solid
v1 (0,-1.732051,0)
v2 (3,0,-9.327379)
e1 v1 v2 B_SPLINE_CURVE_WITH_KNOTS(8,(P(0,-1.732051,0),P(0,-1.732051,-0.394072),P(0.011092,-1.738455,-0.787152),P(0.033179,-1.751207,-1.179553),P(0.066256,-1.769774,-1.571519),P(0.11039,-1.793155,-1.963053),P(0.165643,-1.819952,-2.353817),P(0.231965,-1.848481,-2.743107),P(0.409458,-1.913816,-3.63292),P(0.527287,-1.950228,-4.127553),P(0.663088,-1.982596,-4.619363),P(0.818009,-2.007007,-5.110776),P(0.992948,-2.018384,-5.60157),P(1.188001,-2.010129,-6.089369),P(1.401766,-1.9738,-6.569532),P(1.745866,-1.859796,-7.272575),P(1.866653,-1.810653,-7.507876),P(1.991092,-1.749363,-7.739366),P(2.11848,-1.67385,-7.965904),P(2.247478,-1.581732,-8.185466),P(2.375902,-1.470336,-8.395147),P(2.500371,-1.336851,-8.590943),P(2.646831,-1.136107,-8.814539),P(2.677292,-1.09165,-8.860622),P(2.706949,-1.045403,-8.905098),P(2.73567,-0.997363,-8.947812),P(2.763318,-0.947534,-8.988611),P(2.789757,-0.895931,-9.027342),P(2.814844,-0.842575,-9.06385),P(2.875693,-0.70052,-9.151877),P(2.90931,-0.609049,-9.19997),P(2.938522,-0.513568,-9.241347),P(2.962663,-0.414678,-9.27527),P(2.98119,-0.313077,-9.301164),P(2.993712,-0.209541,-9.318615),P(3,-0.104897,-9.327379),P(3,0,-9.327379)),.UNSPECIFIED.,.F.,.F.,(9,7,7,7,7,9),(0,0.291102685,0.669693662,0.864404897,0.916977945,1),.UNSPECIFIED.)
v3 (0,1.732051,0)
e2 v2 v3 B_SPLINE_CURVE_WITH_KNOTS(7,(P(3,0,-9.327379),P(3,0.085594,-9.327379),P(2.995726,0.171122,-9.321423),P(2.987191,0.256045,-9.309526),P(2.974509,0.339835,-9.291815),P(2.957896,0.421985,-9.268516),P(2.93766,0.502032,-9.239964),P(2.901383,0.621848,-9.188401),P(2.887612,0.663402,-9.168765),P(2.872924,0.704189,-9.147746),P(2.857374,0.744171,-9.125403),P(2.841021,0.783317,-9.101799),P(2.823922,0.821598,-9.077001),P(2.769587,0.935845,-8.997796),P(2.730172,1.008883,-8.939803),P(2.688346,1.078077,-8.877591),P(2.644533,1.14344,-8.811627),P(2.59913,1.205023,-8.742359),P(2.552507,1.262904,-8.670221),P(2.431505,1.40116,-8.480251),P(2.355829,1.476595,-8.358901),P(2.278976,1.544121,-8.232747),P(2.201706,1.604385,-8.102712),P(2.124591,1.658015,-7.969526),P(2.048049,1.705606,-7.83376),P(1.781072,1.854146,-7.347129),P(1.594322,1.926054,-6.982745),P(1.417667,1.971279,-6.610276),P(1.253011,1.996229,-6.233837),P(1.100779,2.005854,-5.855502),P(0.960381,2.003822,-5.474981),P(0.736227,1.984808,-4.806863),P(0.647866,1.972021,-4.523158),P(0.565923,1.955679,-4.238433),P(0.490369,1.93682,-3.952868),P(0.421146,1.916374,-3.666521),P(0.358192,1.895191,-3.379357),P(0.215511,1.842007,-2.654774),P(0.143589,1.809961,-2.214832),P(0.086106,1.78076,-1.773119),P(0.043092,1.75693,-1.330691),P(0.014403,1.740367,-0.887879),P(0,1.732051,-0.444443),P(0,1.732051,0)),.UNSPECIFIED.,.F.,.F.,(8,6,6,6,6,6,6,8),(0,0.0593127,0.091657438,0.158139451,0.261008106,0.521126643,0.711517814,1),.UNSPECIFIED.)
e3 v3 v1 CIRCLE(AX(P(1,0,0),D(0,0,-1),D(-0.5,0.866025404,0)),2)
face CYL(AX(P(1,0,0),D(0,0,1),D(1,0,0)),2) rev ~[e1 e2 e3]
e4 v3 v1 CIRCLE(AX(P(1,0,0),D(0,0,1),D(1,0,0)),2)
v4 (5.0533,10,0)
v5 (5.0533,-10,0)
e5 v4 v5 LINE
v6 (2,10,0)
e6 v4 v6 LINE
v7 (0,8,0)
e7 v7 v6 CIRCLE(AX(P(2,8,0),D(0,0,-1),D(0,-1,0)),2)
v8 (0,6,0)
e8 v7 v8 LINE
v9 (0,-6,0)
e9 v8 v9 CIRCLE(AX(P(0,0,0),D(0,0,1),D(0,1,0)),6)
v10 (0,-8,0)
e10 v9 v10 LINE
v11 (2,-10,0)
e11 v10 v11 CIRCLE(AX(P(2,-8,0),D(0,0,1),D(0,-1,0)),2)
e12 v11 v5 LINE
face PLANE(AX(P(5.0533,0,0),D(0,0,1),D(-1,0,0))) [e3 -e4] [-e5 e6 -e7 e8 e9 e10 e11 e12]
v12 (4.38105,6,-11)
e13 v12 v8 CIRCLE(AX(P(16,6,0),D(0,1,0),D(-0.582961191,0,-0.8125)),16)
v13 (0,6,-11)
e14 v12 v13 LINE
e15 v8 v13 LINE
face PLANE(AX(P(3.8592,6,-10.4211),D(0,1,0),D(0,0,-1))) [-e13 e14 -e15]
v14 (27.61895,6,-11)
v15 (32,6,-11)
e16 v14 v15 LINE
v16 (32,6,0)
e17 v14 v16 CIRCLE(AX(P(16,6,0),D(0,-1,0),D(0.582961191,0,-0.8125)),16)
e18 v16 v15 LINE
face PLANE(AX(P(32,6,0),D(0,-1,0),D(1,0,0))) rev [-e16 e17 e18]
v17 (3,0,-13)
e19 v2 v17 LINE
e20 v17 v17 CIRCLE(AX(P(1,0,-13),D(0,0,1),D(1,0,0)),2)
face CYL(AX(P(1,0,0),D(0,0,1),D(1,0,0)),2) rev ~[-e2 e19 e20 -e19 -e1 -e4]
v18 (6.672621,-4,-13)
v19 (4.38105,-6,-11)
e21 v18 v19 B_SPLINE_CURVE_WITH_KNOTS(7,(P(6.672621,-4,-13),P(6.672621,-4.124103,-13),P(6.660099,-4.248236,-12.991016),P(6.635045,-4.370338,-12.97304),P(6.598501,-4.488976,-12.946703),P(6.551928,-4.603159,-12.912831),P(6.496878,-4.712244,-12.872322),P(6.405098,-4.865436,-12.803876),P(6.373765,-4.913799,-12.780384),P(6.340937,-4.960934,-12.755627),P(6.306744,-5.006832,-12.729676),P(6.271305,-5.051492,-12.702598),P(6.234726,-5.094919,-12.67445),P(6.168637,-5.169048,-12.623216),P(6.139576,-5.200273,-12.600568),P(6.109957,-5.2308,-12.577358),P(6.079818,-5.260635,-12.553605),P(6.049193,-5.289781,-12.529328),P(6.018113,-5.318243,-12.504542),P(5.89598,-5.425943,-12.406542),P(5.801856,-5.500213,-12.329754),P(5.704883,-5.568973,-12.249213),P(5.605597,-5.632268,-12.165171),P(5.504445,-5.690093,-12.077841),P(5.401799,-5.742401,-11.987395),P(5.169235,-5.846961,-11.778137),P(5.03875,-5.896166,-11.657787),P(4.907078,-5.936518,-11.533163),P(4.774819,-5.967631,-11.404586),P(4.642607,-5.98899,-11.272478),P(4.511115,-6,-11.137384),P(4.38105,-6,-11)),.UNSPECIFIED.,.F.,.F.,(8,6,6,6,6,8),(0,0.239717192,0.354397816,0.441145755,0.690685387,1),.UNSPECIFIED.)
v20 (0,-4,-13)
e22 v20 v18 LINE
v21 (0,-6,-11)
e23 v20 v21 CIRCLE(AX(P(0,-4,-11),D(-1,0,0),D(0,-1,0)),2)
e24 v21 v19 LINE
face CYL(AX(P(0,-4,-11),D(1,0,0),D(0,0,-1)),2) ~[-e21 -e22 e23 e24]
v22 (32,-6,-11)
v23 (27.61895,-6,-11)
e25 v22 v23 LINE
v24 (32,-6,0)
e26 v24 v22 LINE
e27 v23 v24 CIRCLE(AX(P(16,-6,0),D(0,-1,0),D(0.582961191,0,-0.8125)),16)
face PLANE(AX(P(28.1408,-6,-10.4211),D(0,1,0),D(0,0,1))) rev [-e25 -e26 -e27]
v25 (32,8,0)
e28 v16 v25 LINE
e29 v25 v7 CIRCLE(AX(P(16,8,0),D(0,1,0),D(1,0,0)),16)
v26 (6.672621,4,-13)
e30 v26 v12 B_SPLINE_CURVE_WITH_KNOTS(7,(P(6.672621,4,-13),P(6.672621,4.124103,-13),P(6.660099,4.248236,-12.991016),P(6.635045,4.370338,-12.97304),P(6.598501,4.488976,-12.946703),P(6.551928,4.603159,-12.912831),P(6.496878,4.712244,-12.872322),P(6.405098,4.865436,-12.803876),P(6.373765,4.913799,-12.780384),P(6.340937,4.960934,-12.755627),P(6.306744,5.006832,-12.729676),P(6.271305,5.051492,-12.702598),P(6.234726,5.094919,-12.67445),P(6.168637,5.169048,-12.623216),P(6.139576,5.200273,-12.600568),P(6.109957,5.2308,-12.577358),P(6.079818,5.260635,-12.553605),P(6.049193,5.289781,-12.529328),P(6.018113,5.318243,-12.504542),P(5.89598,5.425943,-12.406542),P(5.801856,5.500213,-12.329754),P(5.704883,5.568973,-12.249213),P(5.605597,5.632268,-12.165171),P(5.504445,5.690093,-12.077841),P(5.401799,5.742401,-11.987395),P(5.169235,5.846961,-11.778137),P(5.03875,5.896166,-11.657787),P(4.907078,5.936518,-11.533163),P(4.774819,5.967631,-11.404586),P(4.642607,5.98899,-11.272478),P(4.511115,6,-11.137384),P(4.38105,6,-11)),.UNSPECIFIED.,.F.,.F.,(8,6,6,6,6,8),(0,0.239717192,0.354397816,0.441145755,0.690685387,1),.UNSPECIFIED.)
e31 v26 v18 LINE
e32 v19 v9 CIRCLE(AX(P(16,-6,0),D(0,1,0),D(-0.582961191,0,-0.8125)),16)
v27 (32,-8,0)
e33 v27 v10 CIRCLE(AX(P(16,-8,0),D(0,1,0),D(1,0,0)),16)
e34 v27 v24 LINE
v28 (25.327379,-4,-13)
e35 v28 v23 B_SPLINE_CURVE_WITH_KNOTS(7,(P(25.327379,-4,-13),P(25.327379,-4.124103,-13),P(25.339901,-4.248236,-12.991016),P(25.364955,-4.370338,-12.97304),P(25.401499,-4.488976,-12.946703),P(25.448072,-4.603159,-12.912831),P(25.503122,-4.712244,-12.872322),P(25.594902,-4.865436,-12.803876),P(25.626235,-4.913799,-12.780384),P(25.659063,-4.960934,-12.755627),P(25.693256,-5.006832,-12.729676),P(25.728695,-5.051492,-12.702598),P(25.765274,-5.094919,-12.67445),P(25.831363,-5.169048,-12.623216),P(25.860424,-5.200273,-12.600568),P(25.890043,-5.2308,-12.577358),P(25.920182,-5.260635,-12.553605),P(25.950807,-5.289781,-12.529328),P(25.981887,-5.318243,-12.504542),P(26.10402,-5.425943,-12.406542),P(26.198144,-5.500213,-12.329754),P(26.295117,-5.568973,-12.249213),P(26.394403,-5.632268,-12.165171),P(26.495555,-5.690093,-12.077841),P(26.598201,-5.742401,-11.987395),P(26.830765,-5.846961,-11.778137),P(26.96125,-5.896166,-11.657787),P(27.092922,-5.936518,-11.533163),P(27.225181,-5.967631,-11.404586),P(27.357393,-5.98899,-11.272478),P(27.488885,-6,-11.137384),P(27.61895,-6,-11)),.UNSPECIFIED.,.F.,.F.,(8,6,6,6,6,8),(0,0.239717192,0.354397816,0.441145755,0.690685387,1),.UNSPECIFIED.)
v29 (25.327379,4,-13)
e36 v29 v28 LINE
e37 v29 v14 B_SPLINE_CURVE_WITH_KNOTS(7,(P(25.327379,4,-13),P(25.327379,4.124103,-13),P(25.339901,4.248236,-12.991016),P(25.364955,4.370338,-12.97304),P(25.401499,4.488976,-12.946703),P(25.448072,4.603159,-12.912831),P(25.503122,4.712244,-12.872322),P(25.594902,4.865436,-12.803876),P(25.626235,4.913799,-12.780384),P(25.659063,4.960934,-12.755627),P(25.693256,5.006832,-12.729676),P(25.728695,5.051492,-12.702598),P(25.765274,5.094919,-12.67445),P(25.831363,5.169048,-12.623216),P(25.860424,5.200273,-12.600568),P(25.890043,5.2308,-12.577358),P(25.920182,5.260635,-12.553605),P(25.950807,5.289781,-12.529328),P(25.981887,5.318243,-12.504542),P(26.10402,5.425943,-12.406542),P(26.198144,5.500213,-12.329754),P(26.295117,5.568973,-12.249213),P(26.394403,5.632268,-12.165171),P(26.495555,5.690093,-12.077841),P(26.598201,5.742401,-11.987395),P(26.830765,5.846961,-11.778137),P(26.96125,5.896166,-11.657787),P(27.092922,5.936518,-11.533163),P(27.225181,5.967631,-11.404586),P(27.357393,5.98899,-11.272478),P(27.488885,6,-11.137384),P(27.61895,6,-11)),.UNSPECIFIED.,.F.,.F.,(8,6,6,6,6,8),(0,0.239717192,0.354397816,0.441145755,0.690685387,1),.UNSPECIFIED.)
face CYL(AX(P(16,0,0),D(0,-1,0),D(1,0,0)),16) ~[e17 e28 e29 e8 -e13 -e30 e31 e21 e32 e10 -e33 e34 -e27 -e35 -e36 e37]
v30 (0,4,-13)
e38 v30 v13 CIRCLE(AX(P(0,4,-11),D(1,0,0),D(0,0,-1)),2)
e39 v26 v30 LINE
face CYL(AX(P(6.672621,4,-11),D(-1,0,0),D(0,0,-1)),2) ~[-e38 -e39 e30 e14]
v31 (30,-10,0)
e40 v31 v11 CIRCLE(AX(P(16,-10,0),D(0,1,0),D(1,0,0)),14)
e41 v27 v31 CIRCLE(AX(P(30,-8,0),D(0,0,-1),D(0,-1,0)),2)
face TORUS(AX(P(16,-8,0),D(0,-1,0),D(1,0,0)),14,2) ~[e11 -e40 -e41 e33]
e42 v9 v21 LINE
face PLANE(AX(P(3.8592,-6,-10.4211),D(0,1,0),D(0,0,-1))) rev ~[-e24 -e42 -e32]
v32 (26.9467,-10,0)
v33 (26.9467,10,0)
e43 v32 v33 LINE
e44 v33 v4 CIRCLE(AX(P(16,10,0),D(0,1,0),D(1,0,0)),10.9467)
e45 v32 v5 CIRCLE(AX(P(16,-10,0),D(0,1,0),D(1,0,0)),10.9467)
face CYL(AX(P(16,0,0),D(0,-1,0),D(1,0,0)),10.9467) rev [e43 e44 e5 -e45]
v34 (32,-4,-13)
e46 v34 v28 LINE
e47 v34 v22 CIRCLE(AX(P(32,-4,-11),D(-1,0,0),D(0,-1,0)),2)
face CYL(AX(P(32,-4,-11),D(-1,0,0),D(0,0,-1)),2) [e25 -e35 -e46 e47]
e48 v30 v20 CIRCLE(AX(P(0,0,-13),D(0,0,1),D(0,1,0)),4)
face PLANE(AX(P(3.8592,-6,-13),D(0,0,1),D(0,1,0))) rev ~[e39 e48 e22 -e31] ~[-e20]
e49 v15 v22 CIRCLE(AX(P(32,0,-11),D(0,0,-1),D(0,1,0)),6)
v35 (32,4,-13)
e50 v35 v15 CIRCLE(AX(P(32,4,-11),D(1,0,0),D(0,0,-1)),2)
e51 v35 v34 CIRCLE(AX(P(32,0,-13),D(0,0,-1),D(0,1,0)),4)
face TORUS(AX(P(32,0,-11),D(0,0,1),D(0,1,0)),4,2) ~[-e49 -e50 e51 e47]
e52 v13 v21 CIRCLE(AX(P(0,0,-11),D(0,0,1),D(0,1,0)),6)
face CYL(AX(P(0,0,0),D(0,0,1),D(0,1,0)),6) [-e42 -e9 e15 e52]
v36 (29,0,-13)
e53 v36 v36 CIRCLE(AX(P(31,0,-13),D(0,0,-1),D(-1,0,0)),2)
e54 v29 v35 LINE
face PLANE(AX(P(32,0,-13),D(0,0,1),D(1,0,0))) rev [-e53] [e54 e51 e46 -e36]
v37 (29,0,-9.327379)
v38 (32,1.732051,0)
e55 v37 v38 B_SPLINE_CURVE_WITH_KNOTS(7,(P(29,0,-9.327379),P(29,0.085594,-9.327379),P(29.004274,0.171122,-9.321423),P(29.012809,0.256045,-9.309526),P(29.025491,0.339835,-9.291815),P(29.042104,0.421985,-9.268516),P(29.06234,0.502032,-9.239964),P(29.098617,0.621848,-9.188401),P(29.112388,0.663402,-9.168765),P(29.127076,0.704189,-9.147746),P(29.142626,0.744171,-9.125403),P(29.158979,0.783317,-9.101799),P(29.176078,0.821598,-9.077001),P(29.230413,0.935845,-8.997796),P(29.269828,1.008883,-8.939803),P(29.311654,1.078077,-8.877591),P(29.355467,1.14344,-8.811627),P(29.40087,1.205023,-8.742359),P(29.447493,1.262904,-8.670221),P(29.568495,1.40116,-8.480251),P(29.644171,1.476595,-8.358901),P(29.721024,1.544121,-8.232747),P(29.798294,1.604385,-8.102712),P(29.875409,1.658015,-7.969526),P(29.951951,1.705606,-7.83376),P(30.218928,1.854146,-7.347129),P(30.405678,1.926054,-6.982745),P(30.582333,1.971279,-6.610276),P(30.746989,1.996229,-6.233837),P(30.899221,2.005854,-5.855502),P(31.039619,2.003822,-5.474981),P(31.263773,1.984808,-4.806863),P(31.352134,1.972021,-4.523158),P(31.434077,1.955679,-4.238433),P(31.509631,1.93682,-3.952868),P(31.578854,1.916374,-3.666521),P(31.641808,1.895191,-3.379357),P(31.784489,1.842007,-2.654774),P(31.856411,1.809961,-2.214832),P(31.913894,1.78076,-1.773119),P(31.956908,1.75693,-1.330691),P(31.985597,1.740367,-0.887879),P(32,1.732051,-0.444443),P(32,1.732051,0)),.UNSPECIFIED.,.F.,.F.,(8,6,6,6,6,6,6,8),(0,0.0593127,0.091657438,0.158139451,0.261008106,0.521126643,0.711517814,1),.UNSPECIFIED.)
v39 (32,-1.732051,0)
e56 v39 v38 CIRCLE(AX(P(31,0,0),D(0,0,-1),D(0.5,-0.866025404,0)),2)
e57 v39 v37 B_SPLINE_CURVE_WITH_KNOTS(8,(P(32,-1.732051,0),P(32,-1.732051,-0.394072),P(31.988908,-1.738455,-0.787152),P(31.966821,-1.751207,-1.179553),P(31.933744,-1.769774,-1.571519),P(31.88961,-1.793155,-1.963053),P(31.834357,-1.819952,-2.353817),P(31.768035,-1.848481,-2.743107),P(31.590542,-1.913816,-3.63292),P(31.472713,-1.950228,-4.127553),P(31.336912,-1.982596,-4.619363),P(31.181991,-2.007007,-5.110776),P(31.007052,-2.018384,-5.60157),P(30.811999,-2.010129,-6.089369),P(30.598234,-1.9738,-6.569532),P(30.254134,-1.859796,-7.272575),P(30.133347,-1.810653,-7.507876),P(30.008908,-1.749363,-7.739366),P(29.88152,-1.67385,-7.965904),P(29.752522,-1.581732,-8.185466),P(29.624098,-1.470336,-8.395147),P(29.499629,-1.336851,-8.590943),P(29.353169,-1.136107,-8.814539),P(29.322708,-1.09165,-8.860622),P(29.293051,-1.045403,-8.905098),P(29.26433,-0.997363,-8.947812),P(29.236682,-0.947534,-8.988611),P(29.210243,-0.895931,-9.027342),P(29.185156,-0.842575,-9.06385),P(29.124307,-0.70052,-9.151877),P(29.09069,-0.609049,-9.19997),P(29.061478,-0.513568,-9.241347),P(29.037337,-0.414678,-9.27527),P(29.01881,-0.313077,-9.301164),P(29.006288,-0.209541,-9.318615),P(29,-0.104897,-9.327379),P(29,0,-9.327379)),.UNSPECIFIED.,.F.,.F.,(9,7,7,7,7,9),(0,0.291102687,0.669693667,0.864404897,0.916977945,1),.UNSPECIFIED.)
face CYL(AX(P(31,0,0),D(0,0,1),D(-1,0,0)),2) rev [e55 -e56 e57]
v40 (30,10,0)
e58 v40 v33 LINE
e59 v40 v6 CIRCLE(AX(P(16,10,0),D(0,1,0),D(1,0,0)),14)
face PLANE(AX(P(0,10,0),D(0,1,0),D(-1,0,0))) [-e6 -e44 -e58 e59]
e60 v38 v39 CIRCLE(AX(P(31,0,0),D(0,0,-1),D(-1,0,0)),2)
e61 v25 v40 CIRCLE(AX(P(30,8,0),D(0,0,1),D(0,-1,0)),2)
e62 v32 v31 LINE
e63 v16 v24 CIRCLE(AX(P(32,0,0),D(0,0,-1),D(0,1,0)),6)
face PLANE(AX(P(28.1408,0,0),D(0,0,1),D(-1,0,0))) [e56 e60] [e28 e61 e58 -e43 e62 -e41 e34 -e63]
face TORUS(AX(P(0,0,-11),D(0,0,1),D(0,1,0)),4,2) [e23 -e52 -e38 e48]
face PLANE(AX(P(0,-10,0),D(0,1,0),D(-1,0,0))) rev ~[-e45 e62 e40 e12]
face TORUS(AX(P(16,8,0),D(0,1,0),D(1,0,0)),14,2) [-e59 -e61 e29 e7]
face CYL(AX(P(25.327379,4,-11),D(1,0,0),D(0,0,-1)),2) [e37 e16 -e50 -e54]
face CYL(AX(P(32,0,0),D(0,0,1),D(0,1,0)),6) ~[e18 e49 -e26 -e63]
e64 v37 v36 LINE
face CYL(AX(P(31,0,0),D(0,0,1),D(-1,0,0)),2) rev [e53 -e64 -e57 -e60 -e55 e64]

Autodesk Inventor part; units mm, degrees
ref_plane "YZ Plane" through (0, 0, 0) normal (1, 0, 0) x (0, 1, 0)
ref_plane "XZ Plane" through (0, 0, 0) normal (0, 1, 0) x (-1, 0, 0)
sketch "Sketch1" plane through (0, 0, 0) normal (0, 0, 1) x (1, 0, 0)
  arc A0 (3.8592, 10.1235) -> (3.8, 10.125) centre (3.8, 8.925) ccw construction
  line L0 (1.2, 10.125) -> (3.8, 10.125) construction
  arc A1 (1.2, 10.125) -> (0, 8.925) centre (1.2, 8.925) ccw construction
  line L1 (0, 6) -> (0, 8.925) construction
  arc A2 (0, 6) -> (0, -6) centre (0, 0) ccw
  line L2 (0, -8.925) -> (0, -6) construction
  arc A3 (0, -8.925) -> (1.2, -10.125) centre (1.2, -8.925) ccw construction
  line L3 (1.2, -10.125) -> (3.8, -10.125) construction
  arc A4 (3.8, -10.125) -> (3.8592, -10.1235) centre (3.8, -8.925) ccw construction
  line L4 (3.8592, 10.1235) -> (3.8592, -10.1235) construction
  circle A5 centre (1, 0) radius 2
  arc A6 (28.2, 10.125) -> (28.1408, 10.1235) centre (28.2, 8.925) ccw
  line L5 (28.1408, -10.1235) -> (28.1408, 10.1235)
  arc A7 (28.1408, -10.1235) -> (28.2, -10.125) centre (28.2, -8.925) ccw
  line L6 (28.2, -10.125) -> (30.8, -10.125)
  arc A8 (30.8, -10.125) -> (32, -8.925) centre (30.8, -8.925) ccw
  line L7 (32, -8.925) -> (32, -6)
  arc A9 (32, -6) -> (32, 6) centre (32, 0) ccw
  line L8 (32, 6) -> (32, 8.925)
  arc A10 (32, 8.925) -> (30.8, 10.125) centre (30.8, 8.925) ccw
  line L9 (28.2, 10.125) -> (30.8, 10.125)
  circle A11 centre (31, 0) radius 2
  line L10 (5.0533, -8.925) -> (5.0533, 8.925) construction
  line L11 (26.9467, 8.925) -> (26.9467, -8.925)
  line L12 (0, -6) -> (3.8592, -6)
  line L13 (0, 6) -> (3.8592, 6)
  line L14 (3.8592, -6) -> (3.8592, 6)
  point P0 (25.5, -25.375)
sketch "Sketch2" plane through (0, 0, 0) normal (0, 1, 0) x (-1, 0, 0)
  arc A0 (-26.9467, 0) -> (-5.0533, 0) centre (-16, 0) ccw
  arc A1 (-32, 0) -> (0, 0) centre (-16, 0) ccw
  line L0 (-28.1408, 0) -> (-26.9467, 0)
  line L1 (-5.0533, 0) -> (-3.8592, 0)
  line L2 (0, 0) -> (-5.0533, 0)
  line L3 (-26.9467, 0) -> (-32, 0)
  point P0 (-26.9467, 0)
extrude "Extrusion1" add sketch "Sketch2" along normal mid plane 20
extrude "Extrusion2" add sketch "Sketch1" against normal blind 13 contours L13 L14 L12 A2
sketch "Sketch3" plane through (3.8592, -6, -10.4211) normal (1, 0, 0) x (0, 0, -1)
  line L0 (0, 0) -> (0, 12) projected
  line L1 (0, 0) -> (2.5789, 0) projected
  line L2 (2.5789, 0) -> (2.5789, 12) projected
  line L3 (0, 12) -> (2.5789, 12) projected
  point P0 (-10.4211, 6)
extrude "Extrusion3" add sketch "Sketch3" along normal blind 5
ref_plane "Work Plane3" through (16, 10, 0) normal (-1, 0, 0) x (0, -1, 0)
ref_plane "Work Plane1" through (0, 10, 0) normal (-1, 0, 0) x (0, -1, 0)
ref_plane "Work Plane2" through (32, 10, 0) normal (-1, 0, 0) x (0, -1, 0)
mirror "Mirror1" about plane through (16, 10, 0) normal (-1, 0, 0) of "Extrusion3", "Extrusion2"
extrude "Extrusion4" cut sketch "Sketch1" against normal through all contours A5
mirror "Mirror2" about plane through (16, 10, 0) normal (-1, 0, 0) of "Extrusion4"
fillet "Fillet1" radius 2 8 edges at (3.3363, -6, -13) (3.3363, 6, -13) (-6, 0, -13) (28.6637, -6, -13) (28.6637, 6, -13) (38, 0, -13) (16, 10, -16) (16, -10, -16)
properties part number "Abrazadera"
